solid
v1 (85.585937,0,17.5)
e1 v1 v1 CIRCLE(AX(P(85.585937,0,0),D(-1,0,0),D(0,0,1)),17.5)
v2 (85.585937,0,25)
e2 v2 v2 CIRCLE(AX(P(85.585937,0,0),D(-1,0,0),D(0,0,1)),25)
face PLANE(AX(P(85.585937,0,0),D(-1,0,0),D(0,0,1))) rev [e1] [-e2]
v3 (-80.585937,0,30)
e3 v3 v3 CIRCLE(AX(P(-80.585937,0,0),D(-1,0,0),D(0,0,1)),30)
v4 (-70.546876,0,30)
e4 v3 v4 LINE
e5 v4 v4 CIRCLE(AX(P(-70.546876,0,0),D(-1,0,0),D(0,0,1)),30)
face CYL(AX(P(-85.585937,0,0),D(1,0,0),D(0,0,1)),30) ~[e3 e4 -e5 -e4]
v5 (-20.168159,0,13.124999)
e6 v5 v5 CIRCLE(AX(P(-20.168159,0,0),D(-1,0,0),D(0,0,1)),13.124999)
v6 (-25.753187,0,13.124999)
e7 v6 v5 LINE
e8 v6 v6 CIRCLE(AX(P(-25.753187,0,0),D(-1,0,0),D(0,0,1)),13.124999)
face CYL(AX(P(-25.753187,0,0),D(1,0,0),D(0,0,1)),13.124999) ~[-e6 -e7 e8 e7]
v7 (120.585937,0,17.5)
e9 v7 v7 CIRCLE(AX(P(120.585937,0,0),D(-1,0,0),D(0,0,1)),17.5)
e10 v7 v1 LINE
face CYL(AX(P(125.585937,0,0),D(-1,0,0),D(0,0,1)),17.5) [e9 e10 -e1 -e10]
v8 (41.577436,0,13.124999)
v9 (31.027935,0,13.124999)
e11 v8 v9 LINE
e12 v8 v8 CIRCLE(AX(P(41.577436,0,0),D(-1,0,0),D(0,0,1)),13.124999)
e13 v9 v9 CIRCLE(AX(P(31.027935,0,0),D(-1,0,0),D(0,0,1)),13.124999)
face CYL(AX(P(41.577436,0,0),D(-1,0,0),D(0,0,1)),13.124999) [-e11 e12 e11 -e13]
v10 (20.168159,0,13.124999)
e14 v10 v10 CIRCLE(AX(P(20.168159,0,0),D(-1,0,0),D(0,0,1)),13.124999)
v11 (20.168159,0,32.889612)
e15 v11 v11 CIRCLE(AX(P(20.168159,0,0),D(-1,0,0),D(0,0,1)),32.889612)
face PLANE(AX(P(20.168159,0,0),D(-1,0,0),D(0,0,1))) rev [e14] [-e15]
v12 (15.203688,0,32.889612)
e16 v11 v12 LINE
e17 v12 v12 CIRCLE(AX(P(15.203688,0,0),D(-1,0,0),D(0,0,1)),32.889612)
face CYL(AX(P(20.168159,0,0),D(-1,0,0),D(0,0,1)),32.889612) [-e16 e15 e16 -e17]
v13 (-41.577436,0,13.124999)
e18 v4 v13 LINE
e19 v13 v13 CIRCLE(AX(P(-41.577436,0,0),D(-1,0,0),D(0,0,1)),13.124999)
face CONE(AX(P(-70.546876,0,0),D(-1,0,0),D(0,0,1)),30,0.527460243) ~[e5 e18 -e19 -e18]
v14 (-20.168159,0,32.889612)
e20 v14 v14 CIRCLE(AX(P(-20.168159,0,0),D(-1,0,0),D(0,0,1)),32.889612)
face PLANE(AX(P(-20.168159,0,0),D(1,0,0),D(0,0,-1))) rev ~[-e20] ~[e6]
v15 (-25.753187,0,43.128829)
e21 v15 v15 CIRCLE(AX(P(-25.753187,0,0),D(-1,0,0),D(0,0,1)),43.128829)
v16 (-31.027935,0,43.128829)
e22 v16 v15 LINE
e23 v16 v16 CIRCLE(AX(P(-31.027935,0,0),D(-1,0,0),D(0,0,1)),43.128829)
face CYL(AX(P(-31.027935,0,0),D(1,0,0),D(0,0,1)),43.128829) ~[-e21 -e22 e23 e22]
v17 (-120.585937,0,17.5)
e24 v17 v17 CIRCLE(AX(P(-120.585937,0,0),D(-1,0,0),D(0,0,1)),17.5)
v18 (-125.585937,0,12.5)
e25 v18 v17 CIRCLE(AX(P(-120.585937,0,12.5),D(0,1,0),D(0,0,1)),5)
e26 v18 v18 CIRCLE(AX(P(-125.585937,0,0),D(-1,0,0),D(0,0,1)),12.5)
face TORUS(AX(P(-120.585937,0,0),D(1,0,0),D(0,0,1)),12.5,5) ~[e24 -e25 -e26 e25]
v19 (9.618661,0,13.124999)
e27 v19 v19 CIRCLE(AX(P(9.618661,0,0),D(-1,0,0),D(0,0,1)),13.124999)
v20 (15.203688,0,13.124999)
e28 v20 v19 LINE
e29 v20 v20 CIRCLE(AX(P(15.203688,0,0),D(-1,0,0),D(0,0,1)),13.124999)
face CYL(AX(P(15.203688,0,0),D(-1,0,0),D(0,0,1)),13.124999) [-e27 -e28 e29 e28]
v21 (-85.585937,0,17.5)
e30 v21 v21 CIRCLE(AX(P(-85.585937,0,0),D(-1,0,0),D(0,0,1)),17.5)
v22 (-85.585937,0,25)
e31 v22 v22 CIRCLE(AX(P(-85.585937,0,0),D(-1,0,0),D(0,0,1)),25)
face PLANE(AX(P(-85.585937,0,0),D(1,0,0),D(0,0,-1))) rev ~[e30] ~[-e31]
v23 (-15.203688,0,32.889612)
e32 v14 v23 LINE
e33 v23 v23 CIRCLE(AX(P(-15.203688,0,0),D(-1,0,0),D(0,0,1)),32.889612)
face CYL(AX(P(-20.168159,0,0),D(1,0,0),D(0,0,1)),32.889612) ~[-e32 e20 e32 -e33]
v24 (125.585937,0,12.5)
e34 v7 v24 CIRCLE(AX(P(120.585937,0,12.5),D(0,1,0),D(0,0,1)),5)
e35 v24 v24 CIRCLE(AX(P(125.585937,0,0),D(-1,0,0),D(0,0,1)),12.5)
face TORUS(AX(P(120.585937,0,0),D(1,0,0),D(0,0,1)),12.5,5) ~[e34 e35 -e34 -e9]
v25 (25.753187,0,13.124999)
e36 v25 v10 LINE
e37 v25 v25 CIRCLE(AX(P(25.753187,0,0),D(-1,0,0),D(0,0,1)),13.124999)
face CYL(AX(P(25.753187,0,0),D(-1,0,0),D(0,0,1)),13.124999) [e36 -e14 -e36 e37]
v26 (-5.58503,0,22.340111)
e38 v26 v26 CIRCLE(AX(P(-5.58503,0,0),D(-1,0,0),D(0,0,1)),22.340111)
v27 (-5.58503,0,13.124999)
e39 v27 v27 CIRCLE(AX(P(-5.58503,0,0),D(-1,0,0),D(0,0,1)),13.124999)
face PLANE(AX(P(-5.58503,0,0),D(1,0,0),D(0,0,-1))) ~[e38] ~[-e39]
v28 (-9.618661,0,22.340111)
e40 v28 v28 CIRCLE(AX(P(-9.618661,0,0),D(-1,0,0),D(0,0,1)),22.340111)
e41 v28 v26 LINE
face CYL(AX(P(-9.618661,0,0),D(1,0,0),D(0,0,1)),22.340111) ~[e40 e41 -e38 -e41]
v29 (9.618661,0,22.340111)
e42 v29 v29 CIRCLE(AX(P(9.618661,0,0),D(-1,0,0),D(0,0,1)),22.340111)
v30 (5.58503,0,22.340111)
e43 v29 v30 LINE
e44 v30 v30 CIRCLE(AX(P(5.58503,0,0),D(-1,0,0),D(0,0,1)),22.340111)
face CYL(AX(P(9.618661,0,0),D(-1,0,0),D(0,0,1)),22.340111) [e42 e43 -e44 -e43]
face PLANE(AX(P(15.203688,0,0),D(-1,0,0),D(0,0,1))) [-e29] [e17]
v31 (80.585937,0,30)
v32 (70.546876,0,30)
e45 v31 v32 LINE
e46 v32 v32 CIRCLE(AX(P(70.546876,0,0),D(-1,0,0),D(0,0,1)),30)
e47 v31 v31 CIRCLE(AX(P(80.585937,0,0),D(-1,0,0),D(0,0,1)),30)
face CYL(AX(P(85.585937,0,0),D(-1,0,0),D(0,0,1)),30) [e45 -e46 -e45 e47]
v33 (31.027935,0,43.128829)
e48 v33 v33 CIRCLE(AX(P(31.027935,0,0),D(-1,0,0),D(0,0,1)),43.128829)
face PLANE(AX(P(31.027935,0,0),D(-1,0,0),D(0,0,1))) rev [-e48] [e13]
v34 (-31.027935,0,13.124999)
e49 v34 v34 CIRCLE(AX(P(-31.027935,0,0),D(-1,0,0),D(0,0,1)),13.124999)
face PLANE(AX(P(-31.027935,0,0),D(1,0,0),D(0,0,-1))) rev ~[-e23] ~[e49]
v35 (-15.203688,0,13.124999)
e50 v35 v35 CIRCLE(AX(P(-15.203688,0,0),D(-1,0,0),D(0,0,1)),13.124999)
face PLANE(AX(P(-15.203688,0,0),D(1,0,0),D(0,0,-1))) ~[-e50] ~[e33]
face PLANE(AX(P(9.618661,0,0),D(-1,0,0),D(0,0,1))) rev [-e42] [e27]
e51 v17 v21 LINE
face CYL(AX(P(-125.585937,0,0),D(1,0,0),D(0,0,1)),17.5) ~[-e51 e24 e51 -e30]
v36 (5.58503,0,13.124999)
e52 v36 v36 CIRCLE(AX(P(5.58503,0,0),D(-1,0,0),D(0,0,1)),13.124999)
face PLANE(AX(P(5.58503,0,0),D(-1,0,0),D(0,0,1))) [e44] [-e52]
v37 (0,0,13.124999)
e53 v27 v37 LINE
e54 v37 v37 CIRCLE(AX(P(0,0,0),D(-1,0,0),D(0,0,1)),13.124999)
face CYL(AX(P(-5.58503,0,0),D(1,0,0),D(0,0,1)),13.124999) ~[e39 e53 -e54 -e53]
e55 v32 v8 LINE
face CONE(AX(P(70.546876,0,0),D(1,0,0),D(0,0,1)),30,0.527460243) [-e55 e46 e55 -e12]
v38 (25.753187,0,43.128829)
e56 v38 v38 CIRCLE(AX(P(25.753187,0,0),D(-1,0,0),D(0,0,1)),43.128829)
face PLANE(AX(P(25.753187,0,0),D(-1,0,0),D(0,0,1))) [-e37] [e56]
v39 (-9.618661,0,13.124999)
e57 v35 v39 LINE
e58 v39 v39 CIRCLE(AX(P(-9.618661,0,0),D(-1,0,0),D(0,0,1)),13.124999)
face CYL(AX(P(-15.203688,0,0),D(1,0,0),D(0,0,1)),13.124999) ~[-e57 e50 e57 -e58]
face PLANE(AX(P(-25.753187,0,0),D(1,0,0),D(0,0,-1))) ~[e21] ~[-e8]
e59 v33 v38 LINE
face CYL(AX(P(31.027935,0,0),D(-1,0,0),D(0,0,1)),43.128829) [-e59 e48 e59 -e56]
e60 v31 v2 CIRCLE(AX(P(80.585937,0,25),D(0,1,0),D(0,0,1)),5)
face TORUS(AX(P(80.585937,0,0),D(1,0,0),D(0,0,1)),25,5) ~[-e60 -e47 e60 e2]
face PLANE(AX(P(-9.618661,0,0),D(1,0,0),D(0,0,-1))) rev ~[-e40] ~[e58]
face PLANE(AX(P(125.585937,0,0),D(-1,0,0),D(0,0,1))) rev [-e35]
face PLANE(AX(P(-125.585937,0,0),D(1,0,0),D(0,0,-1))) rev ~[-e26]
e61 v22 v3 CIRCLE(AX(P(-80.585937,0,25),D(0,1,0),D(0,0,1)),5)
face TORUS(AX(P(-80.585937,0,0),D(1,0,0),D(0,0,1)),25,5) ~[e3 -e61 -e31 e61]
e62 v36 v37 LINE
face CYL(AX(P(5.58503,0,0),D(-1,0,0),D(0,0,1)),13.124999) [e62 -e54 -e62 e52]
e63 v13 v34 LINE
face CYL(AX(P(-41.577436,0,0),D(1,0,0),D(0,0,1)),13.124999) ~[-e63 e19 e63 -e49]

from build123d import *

# Parameters (mm, degrees)
F3_R = 5


with BuildPart() as f1:
    # F0 (on Front) → F1 (revolve)
    with BuildSketch(Plane.XZ):
        Polygon((0, 13.1249994196), (0, 0), (125.5859370285, 0), (125.5859370285, 17.5), (85.5859370285, 17.5), (85.5859370285, 30), (70.546875798, 30), (41.5774360299, 13.1249994196), (31.0279354453, 13.1249994196), (31.0279354453, 43.1288294494), (25.7531870157, 43.1288294494), (25.7531870157, 13.1249994196), (20.168159157, 13.1249994196), (20.168159157, 32.8896120191), (15.2036882937, 32.8896120191), (15.2036882937, 13.1249994196), (9.6186613664, 13.1249994196), (9.6186613664, 22.3401114345), (5.5850301869, 22.3401114345), (5.5850301869, 13.1249994196), align=None)
    revolve(axis=Axis((62.7929685142, 0, 0), (-1, 0, 0)))

    # F2: F1 across face


with BuildPart() as f1_1:
    add(f1.part)
    add(f1.part.mirror(Plane(origin=(0, 0, 0), x_dir=(0, -1, 0), z_dir=(-1, 0, 0))))

    # F3
    f3_edges = [f1_1.edges().sort_by_distance(p)[0] for p in [
        (-85.585937, 0, -30),
        (85.585937, 0, -30),
        (125.585937, 0, -17.5),
        (-125.585937, 0, -17.5),
    ]]
    fillet(f3_edges, radius=F3_R)


solid = f1_1.part
